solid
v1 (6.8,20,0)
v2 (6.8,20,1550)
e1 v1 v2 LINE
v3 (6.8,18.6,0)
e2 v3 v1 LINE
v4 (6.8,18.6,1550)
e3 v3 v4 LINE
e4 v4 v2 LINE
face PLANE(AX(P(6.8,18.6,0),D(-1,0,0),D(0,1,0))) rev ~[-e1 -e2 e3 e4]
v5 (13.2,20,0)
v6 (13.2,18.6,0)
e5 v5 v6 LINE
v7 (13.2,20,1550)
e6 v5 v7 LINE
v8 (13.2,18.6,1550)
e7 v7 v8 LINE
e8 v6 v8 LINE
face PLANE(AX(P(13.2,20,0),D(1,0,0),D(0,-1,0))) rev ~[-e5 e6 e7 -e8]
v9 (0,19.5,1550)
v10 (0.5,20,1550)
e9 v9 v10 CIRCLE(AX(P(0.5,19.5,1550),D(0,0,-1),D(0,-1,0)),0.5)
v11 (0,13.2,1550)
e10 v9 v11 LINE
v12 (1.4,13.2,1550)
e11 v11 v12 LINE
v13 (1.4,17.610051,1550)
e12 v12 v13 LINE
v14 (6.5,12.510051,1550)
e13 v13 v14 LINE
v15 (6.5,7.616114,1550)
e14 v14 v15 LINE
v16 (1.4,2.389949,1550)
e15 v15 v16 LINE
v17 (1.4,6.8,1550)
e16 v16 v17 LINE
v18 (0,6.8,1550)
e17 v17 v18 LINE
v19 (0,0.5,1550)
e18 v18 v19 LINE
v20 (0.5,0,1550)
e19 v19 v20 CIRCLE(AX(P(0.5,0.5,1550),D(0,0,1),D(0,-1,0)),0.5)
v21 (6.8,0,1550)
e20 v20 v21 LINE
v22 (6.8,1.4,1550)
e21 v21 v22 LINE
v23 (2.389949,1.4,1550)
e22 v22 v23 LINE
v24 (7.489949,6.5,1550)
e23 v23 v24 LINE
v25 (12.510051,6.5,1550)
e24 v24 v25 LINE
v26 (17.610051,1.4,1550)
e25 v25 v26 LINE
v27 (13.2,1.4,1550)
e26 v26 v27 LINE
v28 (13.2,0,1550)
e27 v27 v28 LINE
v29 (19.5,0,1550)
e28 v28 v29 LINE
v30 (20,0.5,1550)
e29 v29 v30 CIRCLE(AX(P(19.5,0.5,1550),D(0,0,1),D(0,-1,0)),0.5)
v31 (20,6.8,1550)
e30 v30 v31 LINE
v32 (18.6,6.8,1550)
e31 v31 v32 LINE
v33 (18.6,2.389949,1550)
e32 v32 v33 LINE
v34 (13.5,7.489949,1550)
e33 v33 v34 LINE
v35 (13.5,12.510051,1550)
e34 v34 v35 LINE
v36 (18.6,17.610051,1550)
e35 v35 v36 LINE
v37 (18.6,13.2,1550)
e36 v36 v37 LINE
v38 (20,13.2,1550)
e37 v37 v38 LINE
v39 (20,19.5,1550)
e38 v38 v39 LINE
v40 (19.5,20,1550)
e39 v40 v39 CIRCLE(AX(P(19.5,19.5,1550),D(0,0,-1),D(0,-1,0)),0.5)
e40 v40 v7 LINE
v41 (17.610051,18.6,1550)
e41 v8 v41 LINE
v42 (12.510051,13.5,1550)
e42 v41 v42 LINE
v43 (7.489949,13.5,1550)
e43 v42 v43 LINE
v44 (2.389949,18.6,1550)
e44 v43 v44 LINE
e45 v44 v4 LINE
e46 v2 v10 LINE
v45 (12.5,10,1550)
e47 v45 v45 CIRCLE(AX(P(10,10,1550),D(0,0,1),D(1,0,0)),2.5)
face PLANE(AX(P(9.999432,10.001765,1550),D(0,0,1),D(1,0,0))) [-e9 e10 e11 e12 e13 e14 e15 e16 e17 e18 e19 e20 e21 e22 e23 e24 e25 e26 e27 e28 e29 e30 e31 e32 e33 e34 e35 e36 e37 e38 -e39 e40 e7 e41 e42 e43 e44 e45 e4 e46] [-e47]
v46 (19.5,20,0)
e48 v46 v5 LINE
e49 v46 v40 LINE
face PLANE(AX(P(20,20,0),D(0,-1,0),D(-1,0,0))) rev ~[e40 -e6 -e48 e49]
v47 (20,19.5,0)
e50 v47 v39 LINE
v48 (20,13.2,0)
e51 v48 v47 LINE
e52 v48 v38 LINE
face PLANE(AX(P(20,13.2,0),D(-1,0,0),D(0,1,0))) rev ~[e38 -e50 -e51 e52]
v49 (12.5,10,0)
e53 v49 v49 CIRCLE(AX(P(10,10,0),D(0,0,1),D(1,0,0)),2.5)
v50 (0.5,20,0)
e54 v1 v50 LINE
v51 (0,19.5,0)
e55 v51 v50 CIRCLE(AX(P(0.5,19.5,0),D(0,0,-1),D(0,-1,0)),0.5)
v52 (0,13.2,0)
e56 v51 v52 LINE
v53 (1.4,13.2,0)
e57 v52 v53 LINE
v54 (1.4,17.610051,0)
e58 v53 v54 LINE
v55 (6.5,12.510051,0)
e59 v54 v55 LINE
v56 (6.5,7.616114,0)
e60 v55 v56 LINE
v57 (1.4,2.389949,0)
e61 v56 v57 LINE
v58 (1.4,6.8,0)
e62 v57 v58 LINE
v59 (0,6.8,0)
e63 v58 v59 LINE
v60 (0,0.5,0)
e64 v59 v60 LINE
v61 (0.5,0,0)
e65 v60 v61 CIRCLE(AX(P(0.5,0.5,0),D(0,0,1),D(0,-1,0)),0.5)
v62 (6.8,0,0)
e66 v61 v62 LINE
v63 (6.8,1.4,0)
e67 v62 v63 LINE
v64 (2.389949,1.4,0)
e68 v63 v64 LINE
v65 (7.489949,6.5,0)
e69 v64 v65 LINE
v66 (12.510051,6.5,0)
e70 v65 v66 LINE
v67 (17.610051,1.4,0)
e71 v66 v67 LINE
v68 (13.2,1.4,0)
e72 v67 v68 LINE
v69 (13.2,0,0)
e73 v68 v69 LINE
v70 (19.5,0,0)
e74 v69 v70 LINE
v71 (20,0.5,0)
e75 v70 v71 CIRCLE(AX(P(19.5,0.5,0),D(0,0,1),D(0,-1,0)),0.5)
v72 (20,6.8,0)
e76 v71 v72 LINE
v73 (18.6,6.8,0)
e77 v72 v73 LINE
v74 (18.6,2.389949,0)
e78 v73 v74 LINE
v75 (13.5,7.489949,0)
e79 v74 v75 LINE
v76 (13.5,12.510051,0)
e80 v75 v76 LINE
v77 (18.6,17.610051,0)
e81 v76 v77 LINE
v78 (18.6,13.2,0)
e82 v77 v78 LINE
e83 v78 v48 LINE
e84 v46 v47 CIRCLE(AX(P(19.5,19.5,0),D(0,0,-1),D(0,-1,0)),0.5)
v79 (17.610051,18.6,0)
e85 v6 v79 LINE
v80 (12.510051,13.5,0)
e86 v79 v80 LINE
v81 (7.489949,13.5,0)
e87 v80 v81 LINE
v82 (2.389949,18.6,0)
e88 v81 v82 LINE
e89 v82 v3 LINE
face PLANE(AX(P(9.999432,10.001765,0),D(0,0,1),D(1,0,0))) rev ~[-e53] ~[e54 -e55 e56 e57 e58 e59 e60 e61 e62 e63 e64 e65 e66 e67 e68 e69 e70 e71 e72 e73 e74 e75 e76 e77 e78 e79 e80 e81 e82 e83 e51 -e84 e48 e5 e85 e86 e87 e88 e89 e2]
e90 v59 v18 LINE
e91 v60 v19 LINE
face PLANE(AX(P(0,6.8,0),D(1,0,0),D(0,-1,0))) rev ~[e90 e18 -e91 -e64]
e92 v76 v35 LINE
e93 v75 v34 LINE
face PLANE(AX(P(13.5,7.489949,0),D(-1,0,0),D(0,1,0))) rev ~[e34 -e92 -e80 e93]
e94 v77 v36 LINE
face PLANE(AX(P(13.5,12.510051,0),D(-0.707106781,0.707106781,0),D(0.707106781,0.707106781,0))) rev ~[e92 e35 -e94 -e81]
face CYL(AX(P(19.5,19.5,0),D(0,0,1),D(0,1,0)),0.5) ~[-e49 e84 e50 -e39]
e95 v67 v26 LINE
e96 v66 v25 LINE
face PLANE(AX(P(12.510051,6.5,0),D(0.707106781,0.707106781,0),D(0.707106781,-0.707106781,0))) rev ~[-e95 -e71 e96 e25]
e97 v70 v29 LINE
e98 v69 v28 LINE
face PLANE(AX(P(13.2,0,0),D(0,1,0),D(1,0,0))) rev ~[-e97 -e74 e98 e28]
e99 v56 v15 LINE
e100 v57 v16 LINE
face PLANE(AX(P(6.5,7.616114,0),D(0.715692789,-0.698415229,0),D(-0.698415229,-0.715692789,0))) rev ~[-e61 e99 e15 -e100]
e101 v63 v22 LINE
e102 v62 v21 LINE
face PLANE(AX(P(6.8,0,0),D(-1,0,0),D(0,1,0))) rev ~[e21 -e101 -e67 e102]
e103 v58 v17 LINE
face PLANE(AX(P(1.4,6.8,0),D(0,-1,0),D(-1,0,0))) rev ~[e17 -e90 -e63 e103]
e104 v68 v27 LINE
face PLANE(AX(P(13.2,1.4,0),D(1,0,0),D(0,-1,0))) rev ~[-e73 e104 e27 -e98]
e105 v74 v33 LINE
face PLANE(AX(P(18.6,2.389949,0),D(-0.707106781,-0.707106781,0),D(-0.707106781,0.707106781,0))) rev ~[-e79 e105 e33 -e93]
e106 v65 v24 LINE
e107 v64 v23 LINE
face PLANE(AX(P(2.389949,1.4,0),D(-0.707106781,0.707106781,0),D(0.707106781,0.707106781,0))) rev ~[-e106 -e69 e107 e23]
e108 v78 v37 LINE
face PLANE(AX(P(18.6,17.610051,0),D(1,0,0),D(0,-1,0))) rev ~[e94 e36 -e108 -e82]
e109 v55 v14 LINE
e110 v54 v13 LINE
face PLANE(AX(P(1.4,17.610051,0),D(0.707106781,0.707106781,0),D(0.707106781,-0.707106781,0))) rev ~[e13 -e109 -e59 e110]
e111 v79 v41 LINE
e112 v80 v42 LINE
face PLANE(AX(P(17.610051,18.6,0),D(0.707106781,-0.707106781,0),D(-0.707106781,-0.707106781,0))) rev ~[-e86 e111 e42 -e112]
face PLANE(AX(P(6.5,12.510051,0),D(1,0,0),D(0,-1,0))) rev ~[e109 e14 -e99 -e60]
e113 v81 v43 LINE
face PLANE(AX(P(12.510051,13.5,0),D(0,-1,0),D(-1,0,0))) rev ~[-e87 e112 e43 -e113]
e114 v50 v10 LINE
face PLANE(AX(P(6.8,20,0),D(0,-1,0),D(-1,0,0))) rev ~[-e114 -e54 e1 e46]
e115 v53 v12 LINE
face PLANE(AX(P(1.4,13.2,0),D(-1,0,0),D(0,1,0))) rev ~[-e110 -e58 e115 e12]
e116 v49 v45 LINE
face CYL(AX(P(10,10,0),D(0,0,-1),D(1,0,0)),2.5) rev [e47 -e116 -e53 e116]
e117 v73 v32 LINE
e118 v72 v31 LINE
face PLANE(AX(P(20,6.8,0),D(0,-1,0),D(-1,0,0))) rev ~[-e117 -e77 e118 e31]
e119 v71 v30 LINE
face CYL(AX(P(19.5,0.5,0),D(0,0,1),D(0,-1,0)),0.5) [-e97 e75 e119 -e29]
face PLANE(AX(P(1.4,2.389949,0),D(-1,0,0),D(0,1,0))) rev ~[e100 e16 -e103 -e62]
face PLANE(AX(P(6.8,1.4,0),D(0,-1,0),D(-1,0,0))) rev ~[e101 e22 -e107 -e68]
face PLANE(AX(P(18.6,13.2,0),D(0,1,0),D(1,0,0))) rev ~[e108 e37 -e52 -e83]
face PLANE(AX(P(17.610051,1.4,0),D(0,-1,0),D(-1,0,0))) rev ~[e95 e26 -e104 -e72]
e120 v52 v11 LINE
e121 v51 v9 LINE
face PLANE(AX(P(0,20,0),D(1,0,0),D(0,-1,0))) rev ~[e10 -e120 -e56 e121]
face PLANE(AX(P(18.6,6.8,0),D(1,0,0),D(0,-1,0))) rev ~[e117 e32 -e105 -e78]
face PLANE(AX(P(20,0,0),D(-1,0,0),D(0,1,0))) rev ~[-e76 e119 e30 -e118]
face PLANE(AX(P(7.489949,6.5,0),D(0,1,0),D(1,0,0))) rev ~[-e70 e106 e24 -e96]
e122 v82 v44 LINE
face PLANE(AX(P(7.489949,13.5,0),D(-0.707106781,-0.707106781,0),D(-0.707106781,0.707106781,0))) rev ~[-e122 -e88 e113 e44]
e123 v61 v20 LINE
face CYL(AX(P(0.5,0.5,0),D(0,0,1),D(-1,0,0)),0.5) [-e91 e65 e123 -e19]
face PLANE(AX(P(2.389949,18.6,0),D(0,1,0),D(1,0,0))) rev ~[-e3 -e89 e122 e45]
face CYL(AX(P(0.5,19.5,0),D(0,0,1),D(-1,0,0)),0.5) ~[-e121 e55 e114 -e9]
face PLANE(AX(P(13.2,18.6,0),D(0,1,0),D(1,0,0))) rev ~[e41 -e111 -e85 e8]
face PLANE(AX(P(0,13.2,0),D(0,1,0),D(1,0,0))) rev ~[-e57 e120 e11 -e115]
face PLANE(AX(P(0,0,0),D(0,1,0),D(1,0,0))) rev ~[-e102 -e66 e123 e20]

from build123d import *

# Parameters (mm, degrees)
F0_R     = 2.5
F1_DEPTH = 1550
F2_R     = 0.5


with BuildPart() as f1:
    # F0 (on Top) → F1 (new body)
    with BuildSketch(Plane.XY):
        Polygon((6.5, 7.616114), (1.4, 2.389949), (1.4, 6.8), (0, 6.8), (0, 0), (6.8, 0), (6.8, 1.4), (2.389949, 1.4), (7.489949, 6.5), (12.510051, 6.5), (17.610051, 1.4), (13.2, 1.4), (13.2, 0), (20, 0), (20, 6.8), (18.6, 6.8), (18.6, 2.389949), (13.5, 7.489949), (13.5, 12.510051), (18.6, 17.610051), (18.6, 13.2), (20, 13.2), (20, 20), (13.2, 20), (13.2, 18.6), (17.610051, 18.6), (12.510051, 13.5), (7.489949, 13.5), (2.389949, 18.6), (6.8, 18.6), (6.8, 20), (0, 20), (0, 13.2), (1.4, 13.2), (1.4, 17.610051), (6.5, 12.510051), align=None)
        with Locations((10, 10)):
            Circle(F0_R, mode=Mode.SUBTRACT)
    extrude(amount=F1_DEPTH)

    # F2
    f2_edges = [f1.edges().sort_by_distance(p)[0] for p in [
        (0, 0, 775),
        (0, 20, 775),
        (20, 20, 775),
        (20, 0, 775),
    ]]
    fillet(f2_edges, radius=F2_R)


solid = f1.part
